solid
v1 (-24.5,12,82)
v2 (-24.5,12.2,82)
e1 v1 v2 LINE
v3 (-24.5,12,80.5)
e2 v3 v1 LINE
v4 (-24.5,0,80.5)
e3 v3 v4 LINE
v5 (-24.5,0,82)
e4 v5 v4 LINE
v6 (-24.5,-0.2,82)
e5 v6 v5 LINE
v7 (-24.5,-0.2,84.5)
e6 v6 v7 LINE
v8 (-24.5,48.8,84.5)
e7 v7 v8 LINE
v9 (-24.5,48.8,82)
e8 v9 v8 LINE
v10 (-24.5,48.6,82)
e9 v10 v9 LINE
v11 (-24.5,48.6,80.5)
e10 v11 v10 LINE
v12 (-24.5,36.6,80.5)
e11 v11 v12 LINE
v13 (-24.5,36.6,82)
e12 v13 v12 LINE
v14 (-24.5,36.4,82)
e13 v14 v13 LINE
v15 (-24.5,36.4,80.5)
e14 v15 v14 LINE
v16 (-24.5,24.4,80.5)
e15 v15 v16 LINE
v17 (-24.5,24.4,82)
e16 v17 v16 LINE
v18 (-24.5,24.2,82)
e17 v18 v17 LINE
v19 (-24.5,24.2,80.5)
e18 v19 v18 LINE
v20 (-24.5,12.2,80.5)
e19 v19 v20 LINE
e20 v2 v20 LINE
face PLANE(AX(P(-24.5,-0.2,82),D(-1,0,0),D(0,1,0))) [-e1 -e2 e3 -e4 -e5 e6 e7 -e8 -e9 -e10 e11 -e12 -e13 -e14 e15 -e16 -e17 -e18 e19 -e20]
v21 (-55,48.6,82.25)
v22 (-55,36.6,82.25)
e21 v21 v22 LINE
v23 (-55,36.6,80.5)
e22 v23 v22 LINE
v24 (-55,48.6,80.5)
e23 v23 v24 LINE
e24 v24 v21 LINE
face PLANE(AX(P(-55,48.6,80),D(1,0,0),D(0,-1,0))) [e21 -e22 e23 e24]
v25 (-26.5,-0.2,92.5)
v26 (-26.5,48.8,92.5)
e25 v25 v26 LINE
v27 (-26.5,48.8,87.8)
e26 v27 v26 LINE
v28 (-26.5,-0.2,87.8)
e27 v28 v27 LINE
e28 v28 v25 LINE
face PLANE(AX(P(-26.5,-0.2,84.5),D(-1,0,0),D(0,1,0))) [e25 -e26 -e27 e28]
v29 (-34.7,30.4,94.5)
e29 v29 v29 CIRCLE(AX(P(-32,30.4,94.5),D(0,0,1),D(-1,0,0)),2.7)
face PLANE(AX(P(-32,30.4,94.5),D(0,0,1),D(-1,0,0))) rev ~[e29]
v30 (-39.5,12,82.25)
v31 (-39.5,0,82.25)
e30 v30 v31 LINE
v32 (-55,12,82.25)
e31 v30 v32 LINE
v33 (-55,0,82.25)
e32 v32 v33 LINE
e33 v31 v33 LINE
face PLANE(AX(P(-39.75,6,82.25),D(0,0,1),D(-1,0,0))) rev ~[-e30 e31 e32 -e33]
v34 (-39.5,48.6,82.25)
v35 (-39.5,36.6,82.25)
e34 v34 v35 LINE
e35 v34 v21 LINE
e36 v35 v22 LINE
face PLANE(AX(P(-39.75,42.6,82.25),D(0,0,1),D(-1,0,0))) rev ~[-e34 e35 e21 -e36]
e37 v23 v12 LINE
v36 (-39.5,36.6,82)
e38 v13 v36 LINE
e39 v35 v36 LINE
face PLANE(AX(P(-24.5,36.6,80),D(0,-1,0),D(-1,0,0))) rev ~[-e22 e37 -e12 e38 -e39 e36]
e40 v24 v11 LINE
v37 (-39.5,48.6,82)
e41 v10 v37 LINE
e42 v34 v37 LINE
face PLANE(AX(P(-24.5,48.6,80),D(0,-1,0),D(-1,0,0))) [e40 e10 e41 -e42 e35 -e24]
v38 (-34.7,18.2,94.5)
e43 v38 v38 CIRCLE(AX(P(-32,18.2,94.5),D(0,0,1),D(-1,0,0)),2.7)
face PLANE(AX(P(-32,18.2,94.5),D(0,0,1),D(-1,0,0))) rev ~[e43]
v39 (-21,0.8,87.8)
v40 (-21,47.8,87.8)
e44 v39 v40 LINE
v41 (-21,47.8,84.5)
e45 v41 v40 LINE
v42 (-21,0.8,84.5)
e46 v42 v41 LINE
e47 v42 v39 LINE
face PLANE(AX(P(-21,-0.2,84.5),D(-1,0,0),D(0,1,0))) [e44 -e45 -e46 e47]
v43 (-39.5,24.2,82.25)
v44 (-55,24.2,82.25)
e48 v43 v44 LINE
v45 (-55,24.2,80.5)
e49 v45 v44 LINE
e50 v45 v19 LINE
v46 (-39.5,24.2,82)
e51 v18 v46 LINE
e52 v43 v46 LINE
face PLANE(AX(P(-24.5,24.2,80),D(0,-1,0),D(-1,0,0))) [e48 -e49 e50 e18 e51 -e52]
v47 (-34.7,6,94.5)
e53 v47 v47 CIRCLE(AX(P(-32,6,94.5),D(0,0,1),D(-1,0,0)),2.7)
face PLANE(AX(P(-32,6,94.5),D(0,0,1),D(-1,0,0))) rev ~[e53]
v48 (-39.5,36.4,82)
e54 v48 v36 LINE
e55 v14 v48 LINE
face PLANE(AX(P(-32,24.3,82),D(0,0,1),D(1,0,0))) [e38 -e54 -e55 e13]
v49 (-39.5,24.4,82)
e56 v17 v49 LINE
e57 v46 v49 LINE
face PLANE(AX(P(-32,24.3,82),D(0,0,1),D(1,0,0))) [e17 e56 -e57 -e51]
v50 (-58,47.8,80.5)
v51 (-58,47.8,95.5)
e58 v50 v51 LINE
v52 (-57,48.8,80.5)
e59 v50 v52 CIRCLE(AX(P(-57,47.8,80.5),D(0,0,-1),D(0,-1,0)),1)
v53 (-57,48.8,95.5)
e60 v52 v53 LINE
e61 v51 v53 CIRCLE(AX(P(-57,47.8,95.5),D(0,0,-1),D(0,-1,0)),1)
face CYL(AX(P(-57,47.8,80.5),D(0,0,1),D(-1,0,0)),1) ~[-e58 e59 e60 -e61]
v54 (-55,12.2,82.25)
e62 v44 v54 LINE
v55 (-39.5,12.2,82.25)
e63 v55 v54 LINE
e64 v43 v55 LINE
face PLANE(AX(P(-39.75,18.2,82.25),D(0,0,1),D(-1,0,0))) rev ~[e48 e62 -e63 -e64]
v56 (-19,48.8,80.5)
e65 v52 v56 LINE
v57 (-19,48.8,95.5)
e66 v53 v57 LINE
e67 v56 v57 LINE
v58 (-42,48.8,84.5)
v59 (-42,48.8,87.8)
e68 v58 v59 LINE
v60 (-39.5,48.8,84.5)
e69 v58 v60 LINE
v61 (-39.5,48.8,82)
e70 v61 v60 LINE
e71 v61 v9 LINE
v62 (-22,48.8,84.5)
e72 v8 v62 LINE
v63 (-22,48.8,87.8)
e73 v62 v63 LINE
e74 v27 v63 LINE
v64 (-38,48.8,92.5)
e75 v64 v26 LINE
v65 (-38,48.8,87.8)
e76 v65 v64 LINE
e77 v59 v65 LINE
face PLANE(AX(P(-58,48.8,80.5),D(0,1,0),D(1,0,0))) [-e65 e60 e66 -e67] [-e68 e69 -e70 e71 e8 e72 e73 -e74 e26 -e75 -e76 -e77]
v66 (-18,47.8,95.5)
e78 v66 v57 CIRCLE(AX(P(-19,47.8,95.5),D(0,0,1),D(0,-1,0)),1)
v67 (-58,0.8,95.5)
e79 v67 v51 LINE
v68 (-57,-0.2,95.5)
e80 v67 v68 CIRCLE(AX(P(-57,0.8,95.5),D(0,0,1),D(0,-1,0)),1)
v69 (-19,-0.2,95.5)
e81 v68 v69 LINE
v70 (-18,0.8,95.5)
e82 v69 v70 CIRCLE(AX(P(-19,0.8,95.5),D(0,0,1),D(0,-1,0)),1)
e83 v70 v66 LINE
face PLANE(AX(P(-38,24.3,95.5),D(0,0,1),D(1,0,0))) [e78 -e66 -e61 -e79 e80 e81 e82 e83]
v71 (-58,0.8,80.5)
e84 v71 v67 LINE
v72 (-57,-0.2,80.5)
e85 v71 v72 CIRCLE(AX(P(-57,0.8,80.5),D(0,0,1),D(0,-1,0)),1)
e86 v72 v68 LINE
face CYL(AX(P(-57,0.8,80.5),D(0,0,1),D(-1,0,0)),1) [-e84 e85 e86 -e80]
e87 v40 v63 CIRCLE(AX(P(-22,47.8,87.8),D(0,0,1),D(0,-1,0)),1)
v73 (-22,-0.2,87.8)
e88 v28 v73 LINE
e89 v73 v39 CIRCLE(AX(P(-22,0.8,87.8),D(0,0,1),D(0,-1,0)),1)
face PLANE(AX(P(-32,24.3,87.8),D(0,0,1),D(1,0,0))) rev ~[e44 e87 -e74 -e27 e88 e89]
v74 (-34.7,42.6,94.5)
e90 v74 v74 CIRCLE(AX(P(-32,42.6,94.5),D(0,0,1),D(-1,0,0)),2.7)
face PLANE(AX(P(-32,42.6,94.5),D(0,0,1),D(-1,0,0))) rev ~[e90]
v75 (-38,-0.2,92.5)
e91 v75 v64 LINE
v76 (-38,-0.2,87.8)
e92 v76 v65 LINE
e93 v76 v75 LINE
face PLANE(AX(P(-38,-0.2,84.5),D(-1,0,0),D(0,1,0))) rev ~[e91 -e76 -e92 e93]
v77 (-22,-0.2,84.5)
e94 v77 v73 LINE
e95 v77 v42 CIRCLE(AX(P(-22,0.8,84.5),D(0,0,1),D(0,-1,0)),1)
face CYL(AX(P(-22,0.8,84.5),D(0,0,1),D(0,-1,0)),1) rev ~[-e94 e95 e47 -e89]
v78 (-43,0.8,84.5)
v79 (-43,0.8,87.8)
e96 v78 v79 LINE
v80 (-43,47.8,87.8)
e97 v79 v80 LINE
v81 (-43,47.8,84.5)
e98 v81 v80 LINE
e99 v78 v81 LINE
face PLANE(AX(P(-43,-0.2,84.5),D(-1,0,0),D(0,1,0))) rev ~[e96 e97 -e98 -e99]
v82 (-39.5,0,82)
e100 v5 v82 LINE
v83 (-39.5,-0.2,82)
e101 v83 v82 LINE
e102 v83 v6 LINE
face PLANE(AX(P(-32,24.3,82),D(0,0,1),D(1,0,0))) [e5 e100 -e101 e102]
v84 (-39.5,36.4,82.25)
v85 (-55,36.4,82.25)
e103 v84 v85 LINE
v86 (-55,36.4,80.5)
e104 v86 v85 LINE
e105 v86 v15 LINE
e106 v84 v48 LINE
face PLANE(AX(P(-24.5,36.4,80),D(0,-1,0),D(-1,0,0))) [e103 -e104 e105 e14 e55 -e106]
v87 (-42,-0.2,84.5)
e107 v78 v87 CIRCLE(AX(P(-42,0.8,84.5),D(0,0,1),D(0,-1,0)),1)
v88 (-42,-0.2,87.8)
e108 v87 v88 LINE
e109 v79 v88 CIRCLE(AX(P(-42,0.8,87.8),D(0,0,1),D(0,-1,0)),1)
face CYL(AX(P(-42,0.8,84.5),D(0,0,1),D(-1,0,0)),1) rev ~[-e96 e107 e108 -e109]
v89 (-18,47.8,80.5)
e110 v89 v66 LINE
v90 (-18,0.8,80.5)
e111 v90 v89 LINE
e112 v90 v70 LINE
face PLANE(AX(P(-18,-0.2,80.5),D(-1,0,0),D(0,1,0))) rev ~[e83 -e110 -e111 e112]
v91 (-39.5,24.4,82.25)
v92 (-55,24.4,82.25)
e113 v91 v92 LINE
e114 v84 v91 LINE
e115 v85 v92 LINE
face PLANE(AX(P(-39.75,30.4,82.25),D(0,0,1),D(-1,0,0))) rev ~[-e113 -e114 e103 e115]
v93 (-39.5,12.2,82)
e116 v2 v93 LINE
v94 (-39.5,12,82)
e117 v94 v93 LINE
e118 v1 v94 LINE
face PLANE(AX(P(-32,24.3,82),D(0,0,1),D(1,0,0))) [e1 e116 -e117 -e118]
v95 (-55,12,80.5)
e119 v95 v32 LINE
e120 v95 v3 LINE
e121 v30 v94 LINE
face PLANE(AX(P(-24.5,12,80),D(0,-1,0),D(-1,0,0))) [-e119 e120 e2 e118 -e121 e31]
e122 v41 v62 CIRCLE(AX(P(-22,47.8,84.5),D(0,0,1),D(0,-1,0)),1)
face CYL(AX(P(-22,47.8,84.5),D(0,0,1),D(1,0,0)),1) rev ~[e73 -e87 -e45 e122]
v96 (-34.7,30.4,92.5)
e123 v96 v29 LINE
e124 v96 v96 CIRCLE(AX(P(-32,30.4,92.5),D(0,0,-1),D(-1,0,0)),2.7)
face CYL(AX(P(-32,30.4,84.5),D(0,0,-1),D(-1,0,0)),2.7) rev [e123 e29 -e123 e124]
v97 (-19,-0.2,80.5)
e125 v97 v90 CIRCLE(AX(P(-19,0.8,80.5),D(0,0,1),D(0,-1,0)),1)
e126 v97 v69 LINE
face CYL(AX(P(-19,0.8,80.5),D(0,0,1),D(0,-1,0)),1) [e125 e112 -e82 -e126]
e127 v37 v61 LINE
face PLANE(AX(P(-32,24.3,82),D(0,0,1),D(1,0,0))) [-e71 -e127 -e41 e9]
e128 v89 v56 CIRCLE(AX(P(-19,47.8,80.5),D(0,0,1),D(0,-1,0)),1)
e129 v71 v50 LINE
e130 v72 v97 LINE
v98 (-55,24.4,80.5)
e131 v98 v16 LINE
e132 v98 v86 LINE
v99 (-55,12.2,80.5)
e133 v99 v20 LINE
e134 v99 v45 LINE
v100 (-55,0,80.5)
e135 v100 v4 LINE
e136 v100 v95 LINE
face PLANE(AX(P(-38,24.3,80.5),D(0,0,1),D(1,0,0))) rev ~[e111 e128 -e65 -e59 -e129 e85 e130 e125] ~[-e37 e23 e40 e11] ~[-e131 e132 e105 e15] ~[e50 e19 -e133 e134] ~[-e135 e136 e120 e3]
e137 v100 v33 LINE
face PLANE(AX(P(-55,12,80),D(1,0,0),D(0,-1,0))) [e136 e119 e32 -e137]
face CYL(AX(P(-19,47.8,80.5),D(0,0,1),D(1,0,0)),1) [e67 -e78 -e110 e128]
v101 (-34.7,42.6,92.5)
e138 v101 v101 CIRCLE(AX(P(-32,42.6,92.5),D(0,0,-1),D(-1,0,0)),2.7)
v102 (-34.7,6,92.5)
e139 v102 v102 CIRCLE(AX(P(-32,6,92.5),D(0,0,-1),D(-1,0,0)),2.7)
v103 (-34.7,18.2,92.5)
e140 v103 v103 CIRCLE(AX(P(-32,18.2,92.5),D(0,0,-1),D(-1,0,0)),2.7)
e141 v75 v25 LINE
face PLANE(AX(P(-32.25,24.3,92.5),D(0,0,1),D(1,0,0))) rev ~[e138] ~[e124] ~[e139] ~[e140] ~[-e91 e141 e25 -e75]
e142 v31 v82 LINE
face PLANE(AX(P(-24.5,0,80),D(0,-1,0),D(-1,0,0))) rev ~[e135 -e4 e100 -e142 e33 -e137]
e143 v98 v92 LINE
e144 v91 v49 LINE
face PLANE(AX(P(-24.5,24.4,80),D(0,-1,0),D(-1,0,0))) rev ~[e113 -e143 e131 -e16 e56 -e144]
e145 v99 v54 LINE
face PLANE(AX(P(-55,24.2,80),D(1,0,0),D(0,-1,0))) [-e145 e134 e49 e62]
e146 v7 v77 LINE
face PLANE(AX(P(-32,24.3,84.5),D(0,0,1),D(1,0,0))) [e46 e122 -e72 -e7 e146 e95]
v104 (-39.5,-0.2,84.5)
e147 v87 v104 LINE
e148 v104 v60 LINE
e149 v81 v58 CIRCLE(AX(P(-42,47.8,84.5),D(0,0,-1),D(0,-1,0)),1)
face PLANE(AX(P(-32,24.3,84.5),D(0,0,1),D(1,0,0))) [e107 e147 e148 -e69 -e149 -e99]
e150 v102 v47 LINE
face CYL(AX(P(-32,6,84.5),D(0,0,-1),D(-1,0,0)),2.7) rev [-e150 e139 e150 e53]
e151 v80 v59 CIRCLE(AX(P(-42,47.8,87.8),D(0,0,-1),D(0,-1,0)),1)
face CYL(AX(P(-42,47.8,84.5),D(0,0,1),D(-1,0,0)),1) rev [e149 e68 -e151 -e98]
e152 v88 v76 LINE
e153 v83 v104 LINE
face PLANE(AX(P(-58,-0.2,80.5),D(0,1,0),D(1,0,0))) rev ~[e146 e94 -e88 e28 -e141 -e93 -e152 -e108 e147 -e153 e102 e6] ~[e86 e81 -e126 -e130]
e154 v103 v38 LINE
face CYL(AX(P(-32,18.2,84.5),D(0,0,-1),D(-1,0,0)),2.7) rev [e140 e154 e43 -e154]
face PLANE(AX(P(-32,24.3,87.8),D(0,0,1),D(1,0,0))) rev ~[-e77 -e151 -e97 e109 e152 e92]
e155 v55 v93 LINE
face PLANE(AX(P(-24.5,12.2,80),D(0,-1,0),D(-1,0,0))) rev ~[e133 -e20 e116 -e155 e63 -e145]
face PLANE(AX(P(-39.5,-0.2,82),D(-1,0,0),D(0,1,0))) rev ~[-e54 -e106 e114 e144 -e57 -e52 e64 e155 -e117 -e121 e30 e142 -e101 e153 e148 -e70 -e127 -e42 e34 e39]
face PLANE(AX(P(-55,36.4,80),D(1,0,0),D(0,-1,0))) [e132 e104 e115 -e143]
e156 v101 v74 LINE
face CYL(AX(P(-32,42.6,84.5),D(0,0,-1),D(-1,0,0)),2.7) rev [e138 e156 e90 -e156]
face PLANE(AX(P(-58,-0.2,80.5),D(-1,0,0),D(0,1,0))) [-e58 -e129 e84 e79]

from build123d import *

# Parameters (mm, degrees)
BOX004_W                  = 11.5
BOX004_H                  = 49
BOX004_DEPTH              = 8
BOX003_W                  = 22
BOX003_H                  = 49
BOX003_DEPTH              = 3.3
FILLET001_R               = 1
BOX005_W                  = 15
BOX005_H                  = 49
BOX005_DEPTH              = 3
BOX001_W                  = 30.5
BOX001_H                  = 12
BOX001_DEPTH              = 2.25
CYLINDER_R                = 2.7
CYLINDER_DEPTH            = 10
BOX002_W                  = 15
BOX002_H                  = 12
BOX002_DEPTH              = 2.25
FILLET_R                  = 2
FUSION001_PLACEMENT_ANGLE = 180
CYLINDER001_R             = 2.7
CYLINDER001_DEPTH         = 10
BOX_W                     = 120
BOX_H                     = 12
BOX_DEPTH                 = 80
FILLET002_R               = 0.5
ARRAY_Y_COUNT             = 4
ARRAY_Y_PITCH             = 12.2
BOX006_W                  = 40
BOX006_H                  = 49
BOX006_DEPTH              = 15
FILLET003_R               = 1


with BuildPart() as box004:
    # Box004 → Box004 (new body)
    with BuildSketch(Plane(origin=(-38, -0.2, 84.5), x_dir=(1, 0, 0), z_dir=(0, 0, 1))):
        with Locations((5.75, 24.5)):
            Rectangle(BOX004_W, BOX004_H)
    extrude(amount=BOX004_DEPTH)


with BuildPart() as fillet001:
    # Box003 → Box003 (new body)
    with BuildSketch(Plane(origin=(-43, -0.2, 84.5), x_dir=(1, 0, 0), z_dir=(0, 0, 1))):
        with Locations((11, 24.5)):
            Rectangle(BOX003_W, BOX003_H)
    extrude(amount=BOX003_DEPTH)

    # Fillet001
    fillet001_edges = [fillet001.edges().sort_by_distance(p)[0] for p in [
        (-43, -0.2, 86.15),
        (-43, 48.8, 86.15),
        (-21, -0.2, 86.15),
        (-21, 48.8, 86.15),
    ]]
    fillet(fillet001_edges, radius=FILLET001_R)


with BuildPart() as fusion002005:
    # Box005 → Box005 (new body)
    with BuildSketch(Plane(origin=(-39.5, -0.2, 82), x_dir=(1, 0, 0), z_dir=(0, 0, 1))):
        with Locations((7.5, 24.5)):
            Rectangle(BOX005_W, BOX005_H)
    extrude(amount=BOX005_DEPTH)

    # Fusion002005: union Box004, Fillet001
    add(box004.part)
    add(fillet001.part)


with BuildPart() as dianpian:
    # Box001 → Box001 (new body)
    with BuildSketch(Plane.XY):
        with Locations((15.25, 6)):
            Rectangle(BOX001_W, BOX001_H)
    extrude(amount=BOX001_DEPTH)


with BuildPart() as cylinder:
    # Cylinder → Cylinder (new body)
    with BuildSketch(Plane(origin=(7.5, 6, 4.5), x_dir=(1, 0, 0), z_dir=(0, 0, 1))):
        Circle(CYLINDER_R)
    extrude(amount=CYLINDER_DEPTH)


with BuildPart() as fillet_body:
    # Box002 → Box002 (new body)
    with BuildSketch(Plane.XY.offset(2.25)):
        with Locations((7.5, 6)):
            Rectangle(BOX002_W, BOX002_H)
    extrude(amount=BOX002_DEPTH)

    # Fillet
    fillet_edges = [fillet_body.edges().sort_by_distance(p)[0] for p in [
        (0, 6, 4.5),
        (15, 6, 4.5),
    ]]
    fillet(fillet_edges, radius=FILLET_R)


with BuildPart() as fusion001:
    # Fusion001 base: copy of Fillet body
    add(fillet_body.part)

    # Fusion001: union dianpian, Cylinder
    add(dianpian.part)
    add(cylinder.part)


with BuildPart() as fusion001_1:
    # Fusion001 placement: moved
    add(fusion001.part.moved(Location((-24.5, 12, 80))).rotate(Axis((-24.5, 12, 80), (0, 0, 1)), FUSION001_PLACEMENT_ANGLE))


with BuildPart() as cylinder001:
    # Cylinder001 → Cylinder001 (new body)
    with BuildSketch(Plane(origin=(7.5, 6, 4.5), x_dir=(1, 0, 0), z_dir=(0, 0, 1))):
        Circle(CYLINDER001_R)
    extrude(amount=CYLINDER001_DEPTH)


with BuildPart() as fillet002:
    # Box → Box (new body)
    with BuildSketch(Plane(origin=(-84.5, 0, -80), x_dir=(1, 0, 0), z_dir=(0, 0, 1))):
        with Locations((60, 6)):
            Rectangle(BOX_W, BOX_H)
    extrude(amount=BOX_DEPTH)

    # Fillet002
    fillet002_edges = [fillet002.edges().sort_by_distance(p)[0] for p in [
        (-84.5, 0, -40),
        (-84.5, 6, 0),
        (-84.5, 12, -40),
        (-84.5, 6, -80),
        (35.5, 0, -40),
        (35.5, 6, 0),
        (35.5, 12, -40),
        (35.5, 6, -80),
        (-24.5, 0, -80),
        (-24.5, 0, 0),
        (-24.5, 12, -80),
        (-24.5, 12, 0),
    ]]
    fillet(fillet002_edges, radius=FILLET002_R)


with BuildPart() as fusion002006:
    # Fusion base: copy of Fillet body
    add(fillet_body.part)

    # Fusion: union dianpian, Cylinder, Fillet002
    add(dianpian.part)
    add(cylinder.part)
    add(fillet002.part)


with BuildPart() as fusion002006_1:
    # Fusion placement: moved
    add(fusion002006.part.moved(Location((24.5, 0, 80))))

    # Fusion002: union Fusion001, Cylinder001
    add(fusion001_1.part)
    add(cylinder001.part)

    # Array Y: Fusion002006 ×4


with BuildPart() as fusion002006_2:
    add(fusion002006_1.part)
    with Locations(*[(0, i * ARRAY_Y_PITCH, 0) for i in range(1, ARRAY_Y_COUNT)]):
        add(fusion002006_1.part)

    # Fusion002006: union Fusion002005
    add(fusion002005.part)


with BuildPart() as cut:
    # Box006 → Box006 (new body)
    with BuildSketch(Plane(origin=(-58, -0.2, 80.5), x_dir=(1, 0, 0), z_dir=(0, 0, 1))):
        with Locations((20, 24.5)):
            Rectangle(BOX006_W, BOX006_H)
    extrude(amount=BOX006_DEPTH)

    # Fillet003
    fillet003_edges = [cut.edges().sort_by_distance(p)[0] for p in [
        (-58, -0.2, 88),
        (-58, 48.8, 88),
        (-18, -0.2, 88),
        (-18, 48.8, 88),
    ]]
    fillet(fillet003_edges, radius=FILLET003_R)

    # Cut: cut Fusion002006
    add(fusion002006_2.part, mode=Mode.SUBTRACT)


solid = cut.part
